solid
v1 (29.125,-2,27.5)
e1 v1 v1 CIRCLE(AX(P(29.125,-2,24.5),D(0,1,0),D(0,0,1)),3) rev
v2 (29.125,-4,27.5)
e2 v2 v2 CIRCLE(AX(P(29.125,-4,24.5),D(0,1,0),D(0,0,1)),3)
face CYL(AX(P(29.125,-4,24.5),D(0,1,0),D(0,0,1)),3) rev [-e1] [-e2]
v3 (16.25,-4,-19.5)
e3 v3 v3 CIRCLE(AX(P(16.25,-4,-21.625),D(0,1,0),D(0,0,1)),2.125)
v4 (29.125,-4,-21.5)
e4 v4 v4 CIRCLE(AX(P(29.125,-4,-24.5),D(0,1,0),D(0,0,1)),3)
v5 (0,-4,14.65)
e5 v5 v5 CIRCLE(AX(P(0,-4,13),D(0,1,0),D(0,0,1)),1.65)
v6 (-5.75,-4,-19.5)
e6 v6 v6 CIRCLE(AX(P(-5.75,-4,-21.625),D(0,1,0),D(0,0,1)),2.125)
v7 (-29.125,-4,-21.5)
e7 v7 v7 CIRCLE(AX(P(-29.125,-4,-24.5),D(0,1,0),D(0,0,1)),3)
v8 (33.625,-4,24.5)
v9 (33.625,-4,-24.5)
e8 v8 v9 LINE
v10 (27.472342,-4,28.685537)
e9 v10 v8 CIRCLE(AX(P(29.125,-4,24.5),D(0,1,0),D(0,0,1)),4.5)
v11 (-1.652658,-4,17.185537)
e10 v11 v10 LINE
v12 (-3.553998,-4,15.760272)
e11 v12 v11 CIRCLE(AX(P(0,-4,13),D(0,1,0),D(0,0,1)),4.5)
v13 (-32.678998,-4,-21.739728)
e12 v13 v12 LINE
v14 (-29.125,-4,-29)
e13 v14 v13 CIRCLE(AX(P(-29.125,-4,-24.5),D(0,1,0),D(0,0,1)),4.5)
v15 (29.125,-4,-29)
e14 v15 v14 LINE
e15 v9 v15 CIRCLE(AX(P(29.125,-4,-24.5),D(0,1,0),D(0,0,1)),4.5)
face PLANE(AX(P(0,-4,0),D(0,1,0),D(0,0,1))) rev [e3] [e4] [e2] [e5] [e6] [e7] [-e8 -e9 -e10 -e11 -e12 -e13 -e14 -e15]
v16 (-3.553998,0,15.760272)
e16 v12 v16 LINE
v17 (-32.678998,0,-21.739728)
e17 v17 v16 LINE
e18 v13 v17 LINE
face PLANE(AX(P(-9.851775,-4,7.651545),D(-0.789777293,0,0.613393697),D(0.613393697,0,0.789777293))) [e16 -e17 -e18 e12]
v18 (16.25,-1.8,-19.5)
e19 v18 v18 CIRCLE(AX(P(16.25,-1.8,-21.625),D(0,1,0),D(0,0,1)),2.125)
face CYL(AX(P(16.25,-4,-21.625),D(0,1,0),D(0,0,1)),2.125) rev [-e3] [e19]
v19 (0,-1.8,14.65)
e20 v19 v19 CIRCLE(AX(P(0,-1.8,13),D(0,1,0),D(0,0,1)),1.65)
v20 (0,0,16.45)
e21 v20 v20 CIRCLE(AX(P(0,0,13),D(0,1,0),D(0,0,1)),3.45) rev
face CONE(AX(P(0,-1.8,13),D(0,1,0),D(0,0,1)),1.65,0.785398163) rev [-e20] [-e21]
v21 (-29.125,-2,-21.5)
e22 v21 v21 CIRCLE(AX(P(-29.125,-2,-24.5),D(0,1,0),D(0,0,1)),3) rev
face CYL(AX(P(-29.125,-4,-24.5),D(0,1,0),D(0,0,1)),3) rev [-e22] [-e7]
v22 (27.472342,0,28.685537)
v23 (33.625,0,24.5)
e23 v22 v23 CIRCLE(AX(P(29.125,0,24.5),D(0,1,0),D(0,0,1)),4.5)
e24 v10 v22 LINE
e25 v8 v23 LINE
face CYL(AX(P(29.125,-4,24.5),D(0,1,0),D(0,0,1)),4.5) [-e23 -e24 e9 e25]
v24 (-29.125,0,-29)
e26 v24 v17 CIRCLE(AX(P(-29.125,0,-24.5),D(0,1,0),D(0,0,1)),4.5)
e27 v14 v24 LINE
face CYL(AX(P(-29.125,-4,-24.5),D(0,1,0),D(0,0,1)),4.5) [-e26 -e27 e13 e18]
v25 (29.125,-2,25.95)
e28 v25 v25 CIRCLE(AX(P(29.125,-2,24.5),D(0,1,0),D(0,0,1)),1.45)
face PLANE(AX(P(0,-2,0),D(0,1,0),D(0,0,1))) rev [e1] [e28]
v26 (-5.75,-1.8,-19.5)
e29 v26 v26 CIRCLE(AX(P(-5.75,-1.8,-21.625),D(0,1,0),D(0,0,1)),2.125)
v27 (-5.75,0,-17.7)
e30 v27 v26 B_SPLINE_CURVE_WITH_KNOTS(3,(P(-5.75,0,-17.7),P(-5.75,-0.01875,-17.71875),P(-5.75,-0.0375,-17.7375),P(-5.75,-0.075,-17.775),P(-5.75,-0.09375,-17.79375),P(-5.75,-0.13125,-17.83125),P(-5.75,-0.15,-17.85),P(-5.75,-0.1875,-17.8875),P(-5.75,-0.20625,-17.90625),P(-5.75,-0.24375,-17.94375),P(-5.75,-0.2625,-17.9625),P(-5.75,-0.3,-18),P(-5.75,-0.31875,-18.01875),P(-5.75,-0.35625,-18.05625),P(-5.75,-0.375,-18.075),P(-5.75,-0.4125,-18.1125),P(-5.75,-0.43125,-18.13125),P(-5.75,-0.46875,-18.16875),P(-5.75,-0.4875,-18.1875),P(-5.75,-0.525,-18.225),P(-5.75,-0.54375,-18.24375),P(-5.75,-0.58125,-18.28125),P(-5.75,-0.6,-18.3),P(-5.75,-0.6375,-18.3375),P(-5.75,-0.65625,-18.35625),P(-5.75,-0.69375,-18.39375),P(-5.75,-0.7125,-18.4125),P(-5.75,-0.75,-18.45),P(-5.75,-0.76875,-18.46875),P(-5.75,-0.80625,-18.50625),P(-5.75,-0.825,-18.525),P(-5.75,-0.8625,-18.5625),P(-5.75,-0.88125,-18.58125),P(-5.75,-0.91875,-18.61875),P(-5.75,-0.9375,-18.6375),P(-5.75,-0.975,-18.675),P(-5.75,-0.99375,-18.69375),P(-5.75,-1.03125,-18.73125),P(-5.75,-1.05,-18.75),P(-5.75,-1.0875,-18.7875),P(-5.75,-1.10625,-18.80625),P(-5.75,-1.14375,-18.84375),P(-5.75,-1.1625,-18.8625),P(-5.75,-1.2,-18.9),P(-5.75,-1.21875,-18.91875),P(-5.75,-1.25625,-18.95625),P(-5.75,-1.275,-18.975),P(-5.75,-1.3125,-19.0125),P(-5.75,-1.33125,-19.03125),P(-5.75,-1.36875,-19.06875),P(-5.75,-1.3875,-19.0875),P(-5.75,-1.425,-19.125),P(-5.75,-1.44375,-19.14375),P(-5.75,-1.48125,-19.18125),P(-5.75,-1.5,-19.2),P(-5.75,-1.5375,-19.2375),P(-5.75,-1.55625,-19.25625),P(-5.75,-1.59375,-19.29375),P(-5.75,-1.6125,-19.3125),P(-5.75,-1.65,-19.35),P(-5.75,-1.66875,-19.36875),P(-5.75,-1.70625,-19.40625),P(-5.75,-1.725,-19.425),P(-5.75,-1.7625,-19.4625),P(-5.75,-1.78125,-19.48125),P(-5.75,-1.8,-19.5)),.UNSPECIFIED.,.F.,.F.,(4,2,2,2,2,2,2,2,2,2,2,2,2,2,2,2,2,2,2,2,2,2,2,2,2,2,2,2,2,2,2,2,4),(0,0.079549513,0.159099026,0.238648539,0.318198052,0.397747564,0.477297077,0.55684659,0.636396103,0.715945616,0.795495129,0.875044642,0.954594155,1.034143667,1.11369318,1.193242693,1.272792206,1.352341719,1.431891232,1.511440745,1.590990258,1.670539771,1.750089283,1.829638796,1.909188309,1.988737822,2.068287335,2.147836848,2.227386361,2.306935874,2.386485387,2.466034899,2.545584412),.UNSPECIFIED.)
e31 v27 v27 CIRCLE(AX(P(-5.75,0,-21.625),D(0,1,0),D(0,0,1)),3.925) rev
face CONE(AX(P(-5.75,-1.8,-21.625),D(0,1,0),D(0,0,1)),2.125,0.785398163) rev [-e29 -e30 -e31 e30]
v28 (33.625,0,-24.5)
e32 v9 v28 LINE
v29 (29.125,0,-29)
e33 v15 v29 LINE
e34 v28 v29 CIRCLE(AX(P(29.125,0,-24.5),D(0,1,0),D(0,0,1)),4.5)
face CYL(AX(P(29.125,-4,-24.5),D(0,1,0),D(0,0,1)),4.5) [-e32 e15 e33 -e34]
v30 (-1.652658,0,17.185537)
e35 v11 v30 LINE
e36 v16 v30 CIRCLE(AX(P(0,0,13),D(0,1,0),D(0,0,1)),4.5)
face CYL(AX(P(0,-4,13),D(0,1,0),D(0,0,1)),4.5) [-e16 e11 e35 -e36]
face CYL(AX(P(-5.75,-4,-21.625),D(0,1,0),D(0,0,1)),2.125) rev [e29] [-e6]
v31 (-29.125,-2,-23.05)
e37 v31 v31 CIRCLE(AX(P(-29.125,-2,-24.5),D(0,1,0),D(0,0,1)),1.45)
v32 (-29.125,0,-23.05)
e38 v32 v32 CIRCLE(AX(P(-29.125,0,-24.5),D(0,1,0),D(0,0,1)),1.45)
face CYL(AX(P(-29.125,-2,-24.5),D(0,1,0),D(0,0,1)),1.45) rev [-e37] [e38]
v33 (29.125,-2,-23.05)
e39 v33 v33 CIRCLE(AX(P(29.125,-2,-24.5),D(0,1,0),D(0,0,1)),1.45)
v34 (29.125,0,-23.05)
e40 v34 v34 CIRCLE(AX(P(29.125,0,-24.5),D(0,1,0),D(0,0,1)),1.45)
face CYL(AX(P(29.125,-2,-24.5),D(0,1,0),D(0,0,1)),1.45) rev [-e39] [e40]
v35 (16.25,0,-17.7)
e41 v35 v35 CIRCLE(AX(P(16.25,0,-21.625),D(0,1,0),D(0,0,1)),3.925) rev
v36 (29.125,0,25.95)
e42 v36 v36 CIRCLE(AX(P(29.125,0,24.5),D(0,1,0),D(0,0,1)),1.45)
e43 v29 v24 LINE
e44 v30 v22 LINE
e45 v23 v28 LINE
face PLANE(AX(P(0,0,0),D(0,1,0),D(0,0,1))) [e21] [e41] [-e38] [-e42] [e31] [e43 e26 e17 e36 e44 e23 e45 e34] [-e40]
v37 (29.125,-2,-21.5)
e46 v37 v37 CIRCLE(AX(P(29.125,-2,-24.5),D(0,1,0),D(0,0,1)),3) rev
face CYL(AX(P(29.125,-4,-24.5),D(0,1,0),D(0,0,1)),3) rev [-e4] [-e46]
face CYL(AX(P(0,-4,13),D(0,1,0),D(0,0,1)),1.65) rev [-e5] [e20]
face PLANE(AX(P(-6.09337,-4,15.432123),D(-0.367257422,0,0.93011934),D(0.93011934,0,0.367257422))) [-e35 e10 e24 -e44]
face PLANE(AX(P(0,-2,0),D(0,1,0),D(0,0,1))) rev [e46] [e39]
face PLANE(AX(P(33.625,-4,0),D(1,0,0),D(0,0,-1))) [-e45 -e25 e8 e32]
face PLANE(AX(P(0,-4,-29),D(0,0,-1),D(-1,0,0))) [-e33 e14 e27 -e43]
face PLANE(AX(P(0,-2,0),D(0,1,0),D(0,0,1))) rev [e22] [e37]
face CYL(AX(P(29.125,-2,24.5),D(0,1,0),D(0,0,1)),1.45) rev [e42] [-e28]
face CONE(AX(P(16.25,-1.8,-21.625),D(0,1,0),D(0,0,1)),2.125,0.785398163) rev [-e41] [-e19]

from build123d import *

# Parameters (mm, degrees)
SKETCH1_R           = 3
SKETCH1_R_2         = 1.65
SKETCH1_R_3         = 2.125
BOSS_EXTRUDE1_DEPTH = 4
SKETCH1_3_R         = 3
SKETCH1_3_R_2       = 1.45
BOSS_EXTRUDE2_DEPTH = 2
CHAMFER1_SIZE       = 1.8


with BuildPart() as part:
    # Sketch1 → Boss-Extrude1 (new body)
    with BuildSketch(Plane(origin=(0, 0, 0), x_dir=(1, 0, 0), z_dir=(0, 1, 0))):
        with BuildLine():
            ThreePointArc((-29.125, 29), (-33.166733686, 26.478481442), (-32.678997817, 21.739728362))
            Line((-32.678997817, 21.739728362), (-3.553997817, -15.760271638))
            ThreePointArc((-3.553997817, -15.760271638), (-2.699104035, -16.600671799), (-1.652658398, -17.185537029))
            Line((-1.652658398, -17.185537029), (27.472341602, -28.685537029))
            ThreePointArc((27.472341602, -28.685537029), (31.656110153, -28.22068292), (33.625, -24.5))
            Line((33.625, -24.5), (33.625, 24.5))
            ThreePointArc((33.625, 24.5), (32.306980515, 27.681980515), (29.125, 29))
            Line((29.125, 29), (-29.125, 29))
        make_face()
        with Locations((29.125, -24.5)):
            Circle(SKETCH1_R, mode=Mode.SUBTRACT)
        with Locations((0, -13)):
            Circle(SKETCH1_R_2, mode=Mode.SUBTRACT)
        with Locations((-29.125, 24.5)):
            Circle(SKETCH1_R, mode=Mode.SUBTRACT)
        with Locations((-5.75, 21.625)):
            Circle(SKETCH1_R_3, mode=Mode.SUBTRACT)
        with Locations((16.25, 21.625)):
            Circle(SKETCH1_R_3, mode=Mode.SUBTRACT)
        with Locations((29.125, 24.5)):
            Circle(SKETCH1_R, mode=Mode.SUBTRACT)
    extrude(amount=-BOSS_EXTRUDE1_DEPTH)

    # Sketch1<3> → Boss-Extrude2 (add)
    # profile 1 of 3: a face of its own
    with BuildSketch(Plane(origin=(0, 0, 0), x_dir=(1, 0, 0), z_dir=(0, 1, 0))):
        with Locations((29.125, -24.5)):
            Circle(SKETCH1_3_R)
        with Locations((29.125, -24.5)):
            Circle(SKETCH1_3_R_2, mode=Mode.SUBTRACT)
    # profile 2 of 3: a face of its own
    with BuildSketch(Plane(origin=(0, 0, 0), x_dir=(1, 0, 0), z_dir=(0, 1, 0))):
        with Locations((-29.125, 24.5)):
            Circle(SKETCH1_3_R)
        with Locations((-29.125, 24.5)):
            Circle(SKETCH1_3_R_2, mode=Mode.SUBTRACT)
    # profile 3 of 3: a face of its own
    with BuildSketch(Plane(origin=(0, 0, 0), x_dir=(1, 0, 0), z_dir=(0, 1, 0))):
        with Locations((29.125, 24.5)):
            Circle(SKETCH1_3_R)
        with Locations((29.125, 24.5)):
            Circle(SKETCH1_3_R_2, mode=Mode.SUBTRACT)
    extrude(amount=-BOSS_EXTRUDE2_DEPTH)

    # Chamfer1
    chamfer1_edges = [part.edges().sort_by_distance(p)[0] for p in [
        (-7.875, 0, -21.625),
        (14.125, 0, -21.625),
        (-1.65, 0, 13),
    ]]
    chamfer(chamfer1_edges, length=CHAMFER1_SIZE)


solid = part.part
